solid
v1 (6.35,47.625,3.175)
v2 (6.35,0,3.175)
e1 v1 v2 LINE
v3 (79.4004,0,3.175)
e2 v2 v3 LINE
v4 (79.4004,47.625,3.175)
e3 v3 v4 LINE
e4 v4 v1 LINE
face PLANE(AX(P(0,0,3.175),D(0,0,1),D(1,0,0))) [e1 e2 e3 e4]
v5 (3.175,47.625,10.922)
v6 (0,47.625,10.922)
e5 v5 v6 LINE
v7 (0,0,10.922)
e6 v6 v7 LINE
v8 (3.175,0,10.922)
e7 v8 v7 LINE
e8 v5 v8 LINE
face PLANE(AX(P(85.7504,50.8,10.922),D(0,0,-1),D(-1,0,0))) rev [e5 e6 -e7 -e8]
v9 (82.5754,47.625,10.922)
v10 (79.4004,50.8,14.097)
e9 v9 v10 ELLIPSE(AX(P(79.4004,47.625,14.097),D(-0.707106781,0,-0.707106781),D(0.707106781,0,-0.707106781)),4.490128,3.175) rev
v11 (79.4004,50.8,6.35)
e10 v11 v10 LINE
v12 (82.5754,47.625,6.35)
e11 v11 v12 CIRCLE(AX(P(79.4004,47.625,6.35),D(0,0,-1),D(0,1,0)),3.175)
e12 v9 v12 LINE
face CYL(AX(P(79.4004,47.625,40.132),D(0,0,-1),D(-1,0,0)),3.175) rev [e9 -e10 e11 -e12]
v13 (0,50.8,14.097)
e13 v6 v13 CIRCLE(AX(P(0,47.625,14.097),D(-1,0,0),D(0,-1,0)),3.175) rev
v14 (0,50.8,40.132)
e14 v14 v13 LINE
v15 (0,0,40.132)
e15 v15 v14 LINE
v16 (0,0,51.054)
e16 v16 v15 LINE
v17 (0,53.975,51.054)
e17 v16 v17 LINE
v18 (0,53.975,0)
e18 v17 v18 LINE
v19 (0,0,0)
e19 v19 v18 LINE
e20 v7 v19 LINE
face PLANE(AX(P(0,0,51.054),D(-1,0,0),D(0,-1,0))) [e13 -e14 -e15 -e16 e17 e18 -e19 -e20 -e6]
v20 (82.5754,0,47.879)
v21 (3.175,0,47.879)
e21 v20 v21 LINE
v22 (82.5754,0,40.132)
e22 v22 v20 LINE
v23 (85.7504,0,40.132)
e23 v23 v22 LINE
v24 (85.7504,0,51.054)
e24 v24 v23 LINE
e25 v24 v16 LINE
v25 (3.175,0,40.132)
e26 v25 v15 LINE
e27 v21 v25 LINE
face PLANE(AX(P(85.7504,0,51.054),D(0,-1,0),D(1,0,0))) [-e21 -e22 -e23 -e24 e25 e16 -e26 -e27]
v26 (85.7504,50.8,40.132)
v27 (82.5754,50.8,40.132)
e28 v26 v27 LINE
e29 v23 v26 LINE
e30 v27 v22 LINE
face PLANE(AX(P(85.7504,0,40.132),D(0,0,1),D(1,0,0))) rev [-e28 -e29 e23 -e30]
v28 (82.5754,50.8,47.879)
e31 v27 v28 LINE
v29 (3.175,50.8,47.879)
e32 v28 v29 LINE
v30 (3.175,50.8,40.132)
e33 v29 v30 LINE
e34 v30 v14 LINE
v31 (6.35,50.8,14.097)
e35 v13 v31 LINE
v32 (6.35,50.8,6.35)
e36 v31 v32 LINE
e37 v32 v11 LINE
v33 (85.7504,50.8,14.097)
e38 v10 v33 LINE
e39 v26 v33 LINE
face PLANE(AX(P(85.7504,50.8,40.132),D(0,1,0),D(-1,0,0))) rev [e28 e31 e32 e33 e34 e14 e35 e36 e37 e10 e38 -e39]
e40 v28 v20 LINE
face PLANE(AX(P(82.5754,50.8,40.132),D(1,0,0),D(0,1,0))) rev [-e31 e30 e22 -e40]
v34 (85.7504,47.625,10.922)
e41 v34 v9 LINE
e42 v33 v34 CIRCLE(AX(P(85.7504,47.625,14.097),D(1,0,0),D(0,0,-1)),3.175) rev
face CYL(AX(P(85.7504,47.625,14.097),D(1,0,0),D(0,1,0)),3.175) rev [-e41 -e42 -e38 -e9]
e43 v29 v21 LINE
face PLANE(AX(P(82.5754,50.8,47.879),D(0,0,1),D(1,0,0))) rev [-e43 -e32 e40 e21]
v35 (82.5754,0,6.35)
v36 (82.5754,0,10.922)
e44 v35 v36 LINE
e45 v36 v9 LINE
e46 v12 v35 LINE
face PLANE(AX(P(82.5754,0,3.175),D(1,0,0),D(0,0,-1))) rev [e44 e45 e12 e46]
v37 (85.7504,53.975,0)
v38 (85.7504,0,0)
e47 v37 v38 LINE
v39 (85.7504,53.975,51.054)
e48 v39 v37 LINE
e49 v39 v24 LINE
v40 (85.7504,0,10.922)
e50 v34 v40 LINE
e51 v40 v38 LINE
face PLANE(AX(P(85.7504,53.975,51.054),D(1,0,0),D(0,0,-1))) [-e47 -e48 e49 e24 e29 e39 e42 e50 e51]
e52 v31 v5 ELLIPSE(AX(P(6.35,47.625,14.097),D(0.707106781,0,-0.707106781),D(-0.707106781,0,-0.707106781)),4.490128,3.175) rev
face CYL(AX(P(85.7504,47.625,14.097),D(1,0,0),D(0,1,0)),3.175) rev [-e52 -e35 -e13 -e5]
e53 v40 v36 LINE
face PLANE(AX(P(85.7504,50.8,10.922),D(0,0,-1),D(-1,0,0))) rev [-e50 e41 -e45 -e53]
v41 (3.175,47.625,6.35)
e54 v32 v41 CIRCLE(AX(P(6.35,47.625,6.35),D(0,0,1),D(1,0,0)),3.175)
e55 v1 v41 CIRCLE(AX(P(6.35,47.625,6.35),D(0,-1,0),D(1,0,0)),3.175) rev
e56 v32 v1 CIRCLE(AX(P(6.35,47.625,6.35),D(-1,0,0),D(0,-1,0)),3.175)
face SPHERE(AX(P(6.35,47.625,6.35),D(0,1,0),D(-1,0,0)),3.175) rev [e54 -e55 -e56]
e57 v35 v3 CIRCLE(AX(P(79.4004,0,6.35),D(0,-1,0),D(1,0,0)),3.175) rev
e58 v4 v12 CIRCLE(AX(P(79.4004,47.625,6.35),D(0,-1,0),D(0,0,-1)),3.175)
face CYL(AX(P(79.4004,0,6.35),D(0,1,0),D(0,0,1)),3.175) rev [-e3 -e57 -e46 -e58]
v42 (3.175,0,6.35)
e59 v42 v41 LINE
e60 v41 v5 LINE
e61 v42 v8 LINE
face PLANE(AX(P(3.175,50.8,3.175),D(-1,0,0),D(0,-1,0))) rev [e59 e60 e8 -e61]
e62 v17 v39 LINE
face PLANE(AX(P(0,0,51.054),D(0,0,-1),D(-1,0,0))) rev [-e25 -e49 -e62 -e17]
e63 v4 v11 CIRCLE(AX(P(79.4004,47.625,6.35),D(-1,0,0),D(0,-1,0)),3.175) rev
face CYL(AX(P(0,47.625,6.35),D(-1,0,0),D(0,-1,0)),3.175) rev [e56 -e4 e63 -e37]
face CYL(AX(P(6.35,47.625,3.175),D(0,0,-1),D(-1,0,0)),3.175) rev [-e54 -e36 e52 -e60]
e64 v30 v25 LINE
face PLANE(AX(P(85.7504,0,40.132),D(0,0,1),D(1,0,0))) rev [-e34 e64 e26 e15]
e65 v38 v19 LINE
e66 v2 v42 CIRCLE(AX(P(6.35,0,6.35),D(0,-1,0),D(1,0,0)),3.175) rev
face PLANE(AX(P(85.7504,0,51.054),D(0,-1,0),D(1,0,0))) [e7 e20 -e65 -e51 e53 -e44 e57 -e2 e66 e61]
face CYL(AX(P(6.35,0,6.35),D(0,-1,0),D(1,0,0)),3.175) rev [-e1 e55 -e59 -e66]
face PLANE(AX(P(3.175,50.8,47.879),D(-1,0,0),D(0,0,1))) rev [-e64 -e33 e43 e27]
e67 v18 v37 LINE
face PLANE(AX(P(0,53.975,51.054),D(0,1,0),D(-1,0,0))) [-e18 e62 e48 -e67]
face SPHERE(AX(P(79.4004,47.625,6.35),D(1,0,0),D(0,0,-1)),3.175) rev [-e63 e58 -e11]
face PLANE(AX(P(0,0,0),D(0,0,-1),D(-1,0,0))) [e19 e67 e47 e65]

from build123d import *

# Parameters (mm, degrees)
SKETCH1_W           = 85.7504
SKETCH1_H           = 53.975
BOSS_EXTRUDE1_DEPTH = 51.054
SKETCH2_W           = 29.21
SKETCH2_H           = 50.8
CUT_EXTRUDE1_DEPTH  = 114.458991011
SKETCH3_W           = 79.4004
SKETCH3_H           = 50.8
CUT_EXTRUDE2_DEPTH  = 7.747
SKETCH4_W           = 79.4004
SKETCH4_H           = 7.747
CUT_EXTRUDE3_DEPTH  = 50.8
FILLET2_R           = 3.175
FILLET3_R           = 3.175
FILLET4_R           = 3.175
FILLET5_R           = 3.175
FILLET6_R           = 3.175


with BuildPart() as part:
    # Sketch1 → Boss-Extrude1 (new body)
    with BuildSketch(Plane(origin=(0, 0, 0), x_dir=(-1, 0, 0), z_dir=(0, 0, -1))):
        with Locations((-42.8752, 26.9875)):
            Rectangle(SKETCH1_W, SKETCH1_H)
    extrude(amount=-BOSS_EXTRUDE1_DEPTH)

    # Sketch2 → Cut-Extrude1 (cut, through all)
    with BuildSketch(Plane.ZY):
        with Locations((25.527, 25.4)):
            Rectangle(SKETCH2_W, SKETCH2_H)
    extrude(amount=-CUT_EXTRUDE1_DEPTH, mode=Mode.SUBTRACT)

    # Sketch3 → Cut-Extrude2 (cut)
    with BuildSketch(Plane.XY.offset(10.922)):
        with Locations((42.8752, 25.4)):
            Rectangle(SKETCH3_W, SKETCH3_H)
    extrude(amount=-CUT_EXTRUDE2_DEPTH, mode=Mode.SUBTRACT)

    # Sketch4 → Cut-Extrude3 (cut)
    with BuildSketch(Plane.XZ):
        with Locations((42.8752, 44.0055)):
            Rectangle(SKETCH4_W, SKETCH4_H)
    extrude(amount=-CUT_EXTRUDE3_DEPTH, mode=Mode.SUBTRACT)

    # Fillet2
    fillet2_edges = [part.edges().sort_by_distance(p)[0] for p in [
        (3.175, 25.4, 3.175),
    ]]
    fillet(fillet2_edges, radius=FILLET2_R)

    # Fillet3
    fillet3_edges = [part.edges().sort_by_distance(p)[0] for p in [
        (44.4627, 50.8, 3.175),
        (3.175, 50.8, 8.636),
        (4.10493597, 50.8, 4.10493597),
    ]]
    fillet(fillet3_edges, radius=FILLET3_R)

    # Fillet4
    fillet4_edges = [part.edges().sort_by_distance(p)[0] for p in [
        (3.175, 50.8, 10.922),
    ]]
    fillet(fillet4_edges, radius=FILLET4_R)

    # Fillet5
    fillet5_edges = [part.edges().sort_by_distance(p)[0] for p in [
        (82.5754, 23.8125, 3.175),
        (82.5754, 50.8, 8.636),
        (82.5754, 49.87006403, 4.10493597),
    ]]
    fillet(fillet5_edges, radius=FILLET5_R)

    # Fillet6
    fillet6_edges = [part.edges().sort_by_distance(p)[0] for p in [
        (82.5754, 50.8, 10.922),
    ]]
    fillet(fillet6_edges, radius=FILLET6_R)


solid = part.part
